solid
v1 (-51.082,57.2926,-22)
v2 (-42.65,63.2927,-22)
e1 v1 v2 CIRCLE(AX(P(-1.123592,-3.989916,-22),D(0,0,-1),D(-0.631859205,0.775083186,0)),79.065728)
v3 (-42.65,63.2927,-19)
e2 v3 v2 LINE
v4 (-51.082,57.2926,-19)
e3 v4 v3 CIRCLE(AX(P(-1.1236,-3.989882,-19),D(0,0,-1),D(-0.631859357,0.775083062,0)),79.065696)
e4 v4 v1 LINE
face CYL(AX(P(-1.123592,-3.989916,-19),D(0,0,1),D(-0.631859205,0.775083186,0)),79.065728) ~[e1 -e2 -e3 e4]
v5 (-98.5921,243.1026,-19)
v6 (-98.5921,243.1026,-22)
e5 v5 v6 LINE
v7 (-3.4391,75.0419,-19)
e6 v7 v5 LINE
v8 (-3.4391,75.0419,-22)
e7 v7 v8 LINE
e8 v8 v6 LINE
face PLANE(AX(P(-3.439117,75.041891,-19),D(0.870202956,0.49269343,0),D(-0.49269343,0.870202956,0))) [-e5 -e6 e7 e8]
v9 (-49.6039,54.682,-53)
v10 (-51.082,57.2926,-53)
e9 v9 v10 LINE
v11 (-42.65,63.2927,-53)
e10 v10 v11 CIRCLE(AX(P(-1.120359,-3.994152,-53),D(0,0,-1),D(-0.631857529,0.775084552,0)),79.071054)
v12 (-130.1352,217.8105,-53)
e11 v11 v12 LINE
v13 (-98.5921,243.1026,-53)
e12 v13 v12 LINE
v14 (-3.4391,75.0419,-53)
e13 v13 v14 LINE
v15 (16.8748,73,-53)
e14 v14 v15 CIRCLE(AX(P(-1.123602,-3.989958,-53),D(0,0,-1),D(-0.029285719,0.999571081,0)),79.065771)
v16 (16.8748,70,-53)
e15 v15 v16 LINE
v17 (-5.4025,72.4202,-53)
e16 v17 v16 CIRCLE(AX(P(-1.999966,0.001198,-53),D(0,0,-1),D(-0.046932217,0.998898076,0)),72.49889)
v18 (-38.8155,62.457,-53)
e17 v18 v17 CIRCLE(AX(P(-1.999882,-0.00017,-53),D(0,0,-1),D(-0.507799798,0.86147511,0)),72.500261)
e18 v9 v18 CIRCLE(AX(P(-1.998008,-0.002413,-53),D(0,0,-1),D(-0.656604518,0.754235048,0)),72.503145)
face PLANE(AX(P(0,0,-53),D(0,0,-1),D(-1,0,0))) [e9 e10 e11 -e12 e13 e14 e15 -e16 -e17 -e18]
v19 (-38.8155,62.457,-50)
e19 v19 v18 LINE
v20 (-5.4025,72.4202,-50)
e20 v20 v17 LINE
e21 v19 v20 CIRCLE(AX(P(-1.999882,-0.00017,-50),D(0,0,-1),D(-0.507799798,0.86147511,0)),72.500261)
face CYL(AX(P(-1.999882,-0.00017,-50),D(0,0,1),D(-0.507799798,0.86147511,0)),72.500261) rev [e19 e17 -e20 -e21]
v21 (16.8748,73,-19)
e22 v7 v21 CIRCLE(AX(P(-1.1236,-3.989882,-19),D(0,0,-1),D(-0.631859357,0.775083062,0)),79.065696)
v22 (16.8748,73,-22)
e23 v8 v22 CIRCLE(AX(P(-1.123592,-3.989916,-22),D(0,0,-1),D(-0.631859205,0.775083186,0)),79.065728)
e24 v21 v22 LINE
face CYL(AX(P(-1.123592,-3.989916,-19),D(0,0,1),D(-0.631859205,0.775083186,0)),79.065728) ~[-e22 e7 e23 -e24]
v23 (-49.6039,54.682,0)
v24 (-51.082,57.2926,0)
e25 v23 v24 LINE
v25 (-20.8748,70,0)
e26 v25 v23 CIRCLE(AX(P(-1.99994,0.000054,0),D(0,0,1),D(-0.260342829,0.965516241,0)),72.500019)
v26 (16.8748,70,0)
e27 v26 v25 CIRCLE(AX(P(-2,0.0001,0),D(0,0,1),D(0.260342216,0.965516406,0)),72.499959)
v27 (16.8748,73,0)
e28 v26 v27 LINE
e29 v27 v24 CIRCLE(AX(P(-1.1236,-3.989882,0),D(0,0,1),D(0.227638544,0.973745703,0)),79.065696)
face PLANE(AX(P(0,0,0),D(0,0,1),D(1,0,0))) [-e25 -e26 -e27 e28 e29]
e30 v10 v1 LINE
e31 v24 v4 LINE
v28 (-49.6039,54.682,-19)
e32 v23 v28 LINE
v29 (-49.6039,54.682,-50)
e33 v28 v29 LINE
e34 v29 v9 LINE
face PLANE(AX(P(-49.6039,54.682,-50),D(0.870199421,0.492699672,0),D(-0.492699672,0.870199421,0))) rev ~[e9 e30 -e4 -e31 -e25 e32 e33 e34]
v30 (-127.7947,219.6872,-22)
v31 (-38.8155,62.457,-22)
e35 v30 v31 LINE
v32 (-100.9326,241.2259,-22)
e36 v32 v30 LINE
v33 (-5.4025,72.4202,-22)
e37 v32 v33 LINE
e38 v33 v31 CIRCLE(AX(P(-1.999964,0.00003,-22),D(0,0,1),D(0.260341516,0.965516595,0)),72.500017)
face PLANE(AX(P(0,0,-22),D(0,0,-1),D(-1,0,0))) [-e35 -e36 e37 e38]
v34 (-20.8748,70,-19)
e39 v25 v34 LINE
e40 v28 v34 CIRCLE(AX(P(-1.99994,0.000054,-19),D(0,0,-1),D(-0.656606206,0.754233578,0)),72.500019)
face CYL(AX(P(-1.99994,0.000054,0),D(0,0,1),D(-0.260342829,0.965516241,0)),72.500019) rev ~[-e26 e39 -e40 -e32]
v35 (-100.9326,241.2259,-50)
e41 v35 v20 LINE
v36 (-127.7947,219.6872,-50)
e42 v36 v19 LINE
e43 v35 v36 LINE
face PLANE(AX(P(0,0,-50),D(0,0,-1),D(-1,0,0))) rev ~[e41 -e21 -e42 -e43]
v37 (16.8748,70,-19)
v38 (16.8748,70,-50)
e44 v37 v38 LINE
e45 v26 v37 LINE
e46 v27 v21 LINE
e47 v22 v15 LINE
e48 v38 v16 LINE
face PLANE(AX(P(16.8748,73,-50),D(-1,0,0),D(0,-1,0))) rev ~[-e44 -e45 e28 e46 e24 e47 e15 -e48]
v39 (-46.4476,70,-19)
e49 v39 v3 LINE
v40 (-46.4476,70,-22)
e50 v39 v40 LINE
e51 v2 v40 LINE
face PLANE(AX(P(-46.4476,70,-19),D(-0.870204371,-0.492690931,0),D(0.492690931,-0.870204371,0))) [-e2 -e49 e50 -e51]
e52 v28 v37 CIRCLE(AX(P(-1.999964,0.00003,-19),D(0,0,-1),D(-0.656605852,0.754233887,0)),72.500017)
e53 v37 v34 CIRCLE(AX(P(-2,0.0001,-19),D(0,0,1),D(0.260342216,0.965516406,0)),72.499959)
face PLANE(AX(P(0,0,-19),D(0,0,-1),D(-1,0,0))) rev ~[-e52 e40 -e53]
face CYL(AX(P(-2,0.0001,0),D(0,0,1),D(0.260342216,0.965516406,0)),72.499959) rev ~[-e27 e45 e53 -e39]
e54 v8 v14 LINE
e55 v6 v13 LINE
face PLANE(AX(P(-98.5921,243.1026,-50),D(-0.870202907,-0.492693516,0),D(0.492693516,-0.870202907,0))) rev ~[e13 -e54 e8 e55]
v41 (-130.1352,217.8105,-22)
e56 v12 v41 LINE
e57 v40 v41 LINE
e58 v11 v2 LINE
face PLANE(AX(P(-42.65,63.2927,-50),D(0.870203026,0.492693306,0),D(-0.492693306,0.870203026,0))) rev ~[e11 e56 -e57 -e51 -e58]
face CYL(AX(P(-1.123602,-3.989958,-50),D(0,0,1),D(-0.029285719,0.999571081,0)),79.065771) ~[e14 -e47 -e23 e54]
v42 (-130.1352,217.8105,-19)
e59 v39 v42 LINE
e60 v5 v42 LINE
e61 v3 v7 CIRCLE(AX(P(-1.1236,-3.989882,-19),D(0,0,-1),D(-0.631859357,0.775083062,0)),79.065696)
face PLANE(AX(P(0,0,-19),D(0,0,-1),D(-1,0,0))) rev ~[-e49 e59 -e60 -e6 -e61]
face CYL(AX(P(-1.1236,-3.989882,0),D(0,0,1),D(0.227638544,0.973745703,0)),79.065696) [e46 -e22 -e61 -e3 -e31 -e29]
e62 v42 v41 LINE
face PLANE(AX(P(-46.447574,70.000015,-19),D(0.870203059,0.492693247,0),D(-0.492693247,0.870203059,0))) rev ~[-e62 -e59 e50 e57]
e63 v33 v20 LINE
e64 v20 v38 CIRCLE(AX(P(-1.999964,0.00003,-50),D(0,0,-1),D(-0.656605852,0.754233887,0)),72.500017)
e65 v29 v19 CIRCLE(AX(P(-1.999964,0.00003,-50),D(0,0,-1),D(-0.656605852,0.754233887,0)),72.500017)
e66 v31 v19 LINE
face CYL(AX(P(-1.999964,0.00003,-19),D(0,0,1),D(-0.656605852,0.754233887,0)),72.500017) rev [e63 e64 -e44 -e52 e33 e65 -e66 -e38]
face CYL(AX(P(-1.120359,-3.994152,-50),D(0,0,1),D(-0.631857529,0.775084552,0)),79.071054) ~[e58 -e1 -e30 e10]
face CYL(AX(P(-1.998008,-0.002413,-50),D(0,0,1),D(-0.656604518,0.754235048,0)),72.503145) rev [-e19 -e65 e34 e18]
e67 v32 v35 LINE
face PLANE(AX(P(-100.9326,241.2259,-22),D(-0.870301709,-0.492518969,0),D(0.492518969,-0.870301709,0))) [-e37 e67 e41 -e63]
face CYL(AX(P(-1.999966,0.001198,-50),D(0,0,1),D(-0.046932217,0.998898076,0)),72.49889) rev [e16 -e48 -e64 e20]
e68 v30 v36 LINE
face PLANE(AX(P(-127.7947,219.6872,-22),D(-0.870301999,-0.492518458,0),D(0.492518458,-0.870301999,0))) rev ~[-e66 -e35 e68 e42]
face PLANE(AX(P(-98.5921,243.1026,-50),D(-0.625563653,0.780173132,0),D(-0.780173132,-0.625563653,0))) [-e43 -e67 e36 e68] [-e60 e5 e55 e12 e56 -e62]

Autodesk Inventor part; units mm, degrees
ref_plane "YZ Plane" through (0, 0, 0) normal (1, 0, 0) x (0, 1, 0)
ref_plane "XZ Plane" through (0, 0, 0) normal (0, 1, 0) x (-1, 0, 0)
ref_plane "XY Plane" through (0, 0, 0) normal (0, 0, 1) x (1, 0, 0)
sketch "Эскиз1" plane through (0, 0, 0) normal (0, 0, 1) x (1, 0, 0)
  arc A0 (16.8748, 70) -> (-20.8748, 70) centre (-2, 0.0001) ccw projected
  arc A1 (-20.8748, 70) -> (-20.8744, -70) centre (-2, 0.0001) ccw projected
  line L0 (-41.3067, 60.92) -> (-46.4476, 70) projected
  arc A2 (16.8748, 70) -> (-49.6039, 54.682) centre (-2, 0.0001) ccw
  line L1 (16.8748, 70) -> (16.8748, 73)
  line L2 (-49.6039, 54.682) -> (-51.082, 57.2926)
  arc A3 (16.8748, 73) -> (-51.082, 57.2926) centre (-1.1236, -3.9899) ccw
  point P0 (0, 0)
  dimension "d0" = 3
  dimension "d1" = 3
extrude "Выдавливание1" add sketch "Эскиз1" against normal blind 19
sketch "Эскиз3" plane through (0, 0, -19) normal (0, 0, -1) x (-1, 0, 0)
  line L0 (-16.8748, 73) -> (-16.8748, 70) projected
  arc A0 (49.6039, 54.682) -> (-16.8748, 70) centre (2, 0.0001) ccw projected
  line L1 (49.6039, 54.682) -> (51.082, 57.2926) projected
  arc A1 (51.082, 57.2926) -> (-16.8748, 73) centre (1.1236, -3.9899) ccw projected
  line L2 (46.4476, 70) -> (41.3067, 60.92) projected
  line L3 (43.8771, 65.46) -> (130.1352, 217.8105)
  line L4 (2, 72.5001) -> (98.5921, 243.1026)
  line L5 (98.5921, 243.1026) -> (130.1352, 217.8105)
  arc A2 (51.082, 57.2926) -> (-16.8748, 73) centre (1.1236, -3.9899) ccw projected
  arc A3 (51.082, 57.2926) -> (42.65, 63.2927) centre (1.1236, -3.9899) ccw
  arc A4 (49.6039, 54.682) -> (-16.8748, 70) centre (2, 0.0001) ccw projected
  arc A5 (49.6039, 54.682) -> (41.3067, 60.92) centre (2, 0.0001) ccw
  line L6 (41.3067, 60.92) -> (42.65, 63.2927)
  line L7 (49.6039, 54.682) -> (51.082, 57.2926) projected
  line L8 (49.6039, 54.682) -> (51.082, 57.2926)
  arc A6 (3.4391, 75.0419) -> (-16.8748, 73) centre (1.1236, -3.9899) ccw
  line L9 (-16.8748, 73) -> (-16.8748, 70) projected
  arc A7 (2, 72.5001) -> (-16.8748, 70) centre (2, 0.0001) ccw
  line L10 (-16.8748, 73) -> (-16.8748, 70)
  line L11 (2, 72.5001) -> (3.4391, 75.0419)
  point P0 (0, 0)
  point P1 (0.1112, 66.9734)
  dimension "d8" = 180
extrude "Выдавливание2" add sketch "Эскиз3" along normal blind 3
sketch "Эскиз4" plane through (0, 0, -22) normal (0, 0, -1) x (-1, 0, 0)
  line L0 (49.6039, 54.682) -> (51.082, 57.2926) projected
  arc A0 (51.082, 57.2926) -> (42.65, 63.2927) centre (1.1236, -3.9899) ccw projected
  line L1 (42.65, 63.2927) -> (130.1352, 217.8105) projected
  line L2 (130.1352, 217.8105) -> (98.5921, 243.1026) projected
  line L3 (98.5921, 243.1026) -> (3.4391, 75.0419) projected
  arc A1 (3.4391, 75.0419) -> (-16.8748, 73) centre (1.1236, -3.9899) ccw projected
  line L4 (-16.8748, 73) -> (-16.8748, 70) projected
  arc A2 (49.6039, 54.682) -> (-16.8748, 70) centre (2, 0.0001) ccw projected
  line L5 (130.1352, 217.8105) -> (98.5921, 243.1026) projected
  line L6 (100.9326, 241.2259) -> (5.4025, 72.4202)
  arc A3 (49.6039, 54.682) -> (-16.8748, 70) centre (2, 0.0001) ccw projected
  line L7 (127.7947, 219.6872) -> (38.8155, 62.457)
  point P0 (0, 0)
  dimension "d14" = 3
  dimension "d15" = 3
  dimension "d16" = 3
extrude "Выдавливание3" add sketch "Эскиз4" along normal blind 28 contours A2 L7 L2 L1 A0 L0 | A2 L4 A1 L3 L2 L6
sketch "Эскиз5" plane through (0, 0, -50) normal (0, 0, -1) x (-1, 0, 0)
  line L0 (98.5921, 243.1026) -> (3.4391, 75.0419) projected
  arc A0 (3.4391, 75.0419) -> (-16.8748, 73) centre (1.1236, -3.9899) ccw projected
  arc A1 (5.4025, 72.4202) -> (-16.8748, 70) centre (2, 0.0001) ccw projected
  arc A2 (38.8155, 62.457) -> (5.4025, 72.4202) centre (2, 0.0001) ccw projected
  arc A3 (49.6039, 54.682) -> (38.8155, 62.457) centre (2, 0.0001) ccw projected
  arc A4 (51.082, 57.2926) -> (42.65, 63.2927) centre (1.1236, -3.9899) ccw projected
  line L1 (49.6039, 54.682) -> (51.082, 57.2926) projected
  line L2 (-16.8748, 73) -> (-16.8748, 70) projected
  line L3 (42.65, 63.2927) -> (130.1352, 217.8105) projected
  line L4 (98.5921, 243.1026) -> (130.1352, 217.8105)
  point P0 (0, 0)
extrude "Выдавливание4" add sketch "Эскиз5" along normal blind 3
properties part number "желоб"
